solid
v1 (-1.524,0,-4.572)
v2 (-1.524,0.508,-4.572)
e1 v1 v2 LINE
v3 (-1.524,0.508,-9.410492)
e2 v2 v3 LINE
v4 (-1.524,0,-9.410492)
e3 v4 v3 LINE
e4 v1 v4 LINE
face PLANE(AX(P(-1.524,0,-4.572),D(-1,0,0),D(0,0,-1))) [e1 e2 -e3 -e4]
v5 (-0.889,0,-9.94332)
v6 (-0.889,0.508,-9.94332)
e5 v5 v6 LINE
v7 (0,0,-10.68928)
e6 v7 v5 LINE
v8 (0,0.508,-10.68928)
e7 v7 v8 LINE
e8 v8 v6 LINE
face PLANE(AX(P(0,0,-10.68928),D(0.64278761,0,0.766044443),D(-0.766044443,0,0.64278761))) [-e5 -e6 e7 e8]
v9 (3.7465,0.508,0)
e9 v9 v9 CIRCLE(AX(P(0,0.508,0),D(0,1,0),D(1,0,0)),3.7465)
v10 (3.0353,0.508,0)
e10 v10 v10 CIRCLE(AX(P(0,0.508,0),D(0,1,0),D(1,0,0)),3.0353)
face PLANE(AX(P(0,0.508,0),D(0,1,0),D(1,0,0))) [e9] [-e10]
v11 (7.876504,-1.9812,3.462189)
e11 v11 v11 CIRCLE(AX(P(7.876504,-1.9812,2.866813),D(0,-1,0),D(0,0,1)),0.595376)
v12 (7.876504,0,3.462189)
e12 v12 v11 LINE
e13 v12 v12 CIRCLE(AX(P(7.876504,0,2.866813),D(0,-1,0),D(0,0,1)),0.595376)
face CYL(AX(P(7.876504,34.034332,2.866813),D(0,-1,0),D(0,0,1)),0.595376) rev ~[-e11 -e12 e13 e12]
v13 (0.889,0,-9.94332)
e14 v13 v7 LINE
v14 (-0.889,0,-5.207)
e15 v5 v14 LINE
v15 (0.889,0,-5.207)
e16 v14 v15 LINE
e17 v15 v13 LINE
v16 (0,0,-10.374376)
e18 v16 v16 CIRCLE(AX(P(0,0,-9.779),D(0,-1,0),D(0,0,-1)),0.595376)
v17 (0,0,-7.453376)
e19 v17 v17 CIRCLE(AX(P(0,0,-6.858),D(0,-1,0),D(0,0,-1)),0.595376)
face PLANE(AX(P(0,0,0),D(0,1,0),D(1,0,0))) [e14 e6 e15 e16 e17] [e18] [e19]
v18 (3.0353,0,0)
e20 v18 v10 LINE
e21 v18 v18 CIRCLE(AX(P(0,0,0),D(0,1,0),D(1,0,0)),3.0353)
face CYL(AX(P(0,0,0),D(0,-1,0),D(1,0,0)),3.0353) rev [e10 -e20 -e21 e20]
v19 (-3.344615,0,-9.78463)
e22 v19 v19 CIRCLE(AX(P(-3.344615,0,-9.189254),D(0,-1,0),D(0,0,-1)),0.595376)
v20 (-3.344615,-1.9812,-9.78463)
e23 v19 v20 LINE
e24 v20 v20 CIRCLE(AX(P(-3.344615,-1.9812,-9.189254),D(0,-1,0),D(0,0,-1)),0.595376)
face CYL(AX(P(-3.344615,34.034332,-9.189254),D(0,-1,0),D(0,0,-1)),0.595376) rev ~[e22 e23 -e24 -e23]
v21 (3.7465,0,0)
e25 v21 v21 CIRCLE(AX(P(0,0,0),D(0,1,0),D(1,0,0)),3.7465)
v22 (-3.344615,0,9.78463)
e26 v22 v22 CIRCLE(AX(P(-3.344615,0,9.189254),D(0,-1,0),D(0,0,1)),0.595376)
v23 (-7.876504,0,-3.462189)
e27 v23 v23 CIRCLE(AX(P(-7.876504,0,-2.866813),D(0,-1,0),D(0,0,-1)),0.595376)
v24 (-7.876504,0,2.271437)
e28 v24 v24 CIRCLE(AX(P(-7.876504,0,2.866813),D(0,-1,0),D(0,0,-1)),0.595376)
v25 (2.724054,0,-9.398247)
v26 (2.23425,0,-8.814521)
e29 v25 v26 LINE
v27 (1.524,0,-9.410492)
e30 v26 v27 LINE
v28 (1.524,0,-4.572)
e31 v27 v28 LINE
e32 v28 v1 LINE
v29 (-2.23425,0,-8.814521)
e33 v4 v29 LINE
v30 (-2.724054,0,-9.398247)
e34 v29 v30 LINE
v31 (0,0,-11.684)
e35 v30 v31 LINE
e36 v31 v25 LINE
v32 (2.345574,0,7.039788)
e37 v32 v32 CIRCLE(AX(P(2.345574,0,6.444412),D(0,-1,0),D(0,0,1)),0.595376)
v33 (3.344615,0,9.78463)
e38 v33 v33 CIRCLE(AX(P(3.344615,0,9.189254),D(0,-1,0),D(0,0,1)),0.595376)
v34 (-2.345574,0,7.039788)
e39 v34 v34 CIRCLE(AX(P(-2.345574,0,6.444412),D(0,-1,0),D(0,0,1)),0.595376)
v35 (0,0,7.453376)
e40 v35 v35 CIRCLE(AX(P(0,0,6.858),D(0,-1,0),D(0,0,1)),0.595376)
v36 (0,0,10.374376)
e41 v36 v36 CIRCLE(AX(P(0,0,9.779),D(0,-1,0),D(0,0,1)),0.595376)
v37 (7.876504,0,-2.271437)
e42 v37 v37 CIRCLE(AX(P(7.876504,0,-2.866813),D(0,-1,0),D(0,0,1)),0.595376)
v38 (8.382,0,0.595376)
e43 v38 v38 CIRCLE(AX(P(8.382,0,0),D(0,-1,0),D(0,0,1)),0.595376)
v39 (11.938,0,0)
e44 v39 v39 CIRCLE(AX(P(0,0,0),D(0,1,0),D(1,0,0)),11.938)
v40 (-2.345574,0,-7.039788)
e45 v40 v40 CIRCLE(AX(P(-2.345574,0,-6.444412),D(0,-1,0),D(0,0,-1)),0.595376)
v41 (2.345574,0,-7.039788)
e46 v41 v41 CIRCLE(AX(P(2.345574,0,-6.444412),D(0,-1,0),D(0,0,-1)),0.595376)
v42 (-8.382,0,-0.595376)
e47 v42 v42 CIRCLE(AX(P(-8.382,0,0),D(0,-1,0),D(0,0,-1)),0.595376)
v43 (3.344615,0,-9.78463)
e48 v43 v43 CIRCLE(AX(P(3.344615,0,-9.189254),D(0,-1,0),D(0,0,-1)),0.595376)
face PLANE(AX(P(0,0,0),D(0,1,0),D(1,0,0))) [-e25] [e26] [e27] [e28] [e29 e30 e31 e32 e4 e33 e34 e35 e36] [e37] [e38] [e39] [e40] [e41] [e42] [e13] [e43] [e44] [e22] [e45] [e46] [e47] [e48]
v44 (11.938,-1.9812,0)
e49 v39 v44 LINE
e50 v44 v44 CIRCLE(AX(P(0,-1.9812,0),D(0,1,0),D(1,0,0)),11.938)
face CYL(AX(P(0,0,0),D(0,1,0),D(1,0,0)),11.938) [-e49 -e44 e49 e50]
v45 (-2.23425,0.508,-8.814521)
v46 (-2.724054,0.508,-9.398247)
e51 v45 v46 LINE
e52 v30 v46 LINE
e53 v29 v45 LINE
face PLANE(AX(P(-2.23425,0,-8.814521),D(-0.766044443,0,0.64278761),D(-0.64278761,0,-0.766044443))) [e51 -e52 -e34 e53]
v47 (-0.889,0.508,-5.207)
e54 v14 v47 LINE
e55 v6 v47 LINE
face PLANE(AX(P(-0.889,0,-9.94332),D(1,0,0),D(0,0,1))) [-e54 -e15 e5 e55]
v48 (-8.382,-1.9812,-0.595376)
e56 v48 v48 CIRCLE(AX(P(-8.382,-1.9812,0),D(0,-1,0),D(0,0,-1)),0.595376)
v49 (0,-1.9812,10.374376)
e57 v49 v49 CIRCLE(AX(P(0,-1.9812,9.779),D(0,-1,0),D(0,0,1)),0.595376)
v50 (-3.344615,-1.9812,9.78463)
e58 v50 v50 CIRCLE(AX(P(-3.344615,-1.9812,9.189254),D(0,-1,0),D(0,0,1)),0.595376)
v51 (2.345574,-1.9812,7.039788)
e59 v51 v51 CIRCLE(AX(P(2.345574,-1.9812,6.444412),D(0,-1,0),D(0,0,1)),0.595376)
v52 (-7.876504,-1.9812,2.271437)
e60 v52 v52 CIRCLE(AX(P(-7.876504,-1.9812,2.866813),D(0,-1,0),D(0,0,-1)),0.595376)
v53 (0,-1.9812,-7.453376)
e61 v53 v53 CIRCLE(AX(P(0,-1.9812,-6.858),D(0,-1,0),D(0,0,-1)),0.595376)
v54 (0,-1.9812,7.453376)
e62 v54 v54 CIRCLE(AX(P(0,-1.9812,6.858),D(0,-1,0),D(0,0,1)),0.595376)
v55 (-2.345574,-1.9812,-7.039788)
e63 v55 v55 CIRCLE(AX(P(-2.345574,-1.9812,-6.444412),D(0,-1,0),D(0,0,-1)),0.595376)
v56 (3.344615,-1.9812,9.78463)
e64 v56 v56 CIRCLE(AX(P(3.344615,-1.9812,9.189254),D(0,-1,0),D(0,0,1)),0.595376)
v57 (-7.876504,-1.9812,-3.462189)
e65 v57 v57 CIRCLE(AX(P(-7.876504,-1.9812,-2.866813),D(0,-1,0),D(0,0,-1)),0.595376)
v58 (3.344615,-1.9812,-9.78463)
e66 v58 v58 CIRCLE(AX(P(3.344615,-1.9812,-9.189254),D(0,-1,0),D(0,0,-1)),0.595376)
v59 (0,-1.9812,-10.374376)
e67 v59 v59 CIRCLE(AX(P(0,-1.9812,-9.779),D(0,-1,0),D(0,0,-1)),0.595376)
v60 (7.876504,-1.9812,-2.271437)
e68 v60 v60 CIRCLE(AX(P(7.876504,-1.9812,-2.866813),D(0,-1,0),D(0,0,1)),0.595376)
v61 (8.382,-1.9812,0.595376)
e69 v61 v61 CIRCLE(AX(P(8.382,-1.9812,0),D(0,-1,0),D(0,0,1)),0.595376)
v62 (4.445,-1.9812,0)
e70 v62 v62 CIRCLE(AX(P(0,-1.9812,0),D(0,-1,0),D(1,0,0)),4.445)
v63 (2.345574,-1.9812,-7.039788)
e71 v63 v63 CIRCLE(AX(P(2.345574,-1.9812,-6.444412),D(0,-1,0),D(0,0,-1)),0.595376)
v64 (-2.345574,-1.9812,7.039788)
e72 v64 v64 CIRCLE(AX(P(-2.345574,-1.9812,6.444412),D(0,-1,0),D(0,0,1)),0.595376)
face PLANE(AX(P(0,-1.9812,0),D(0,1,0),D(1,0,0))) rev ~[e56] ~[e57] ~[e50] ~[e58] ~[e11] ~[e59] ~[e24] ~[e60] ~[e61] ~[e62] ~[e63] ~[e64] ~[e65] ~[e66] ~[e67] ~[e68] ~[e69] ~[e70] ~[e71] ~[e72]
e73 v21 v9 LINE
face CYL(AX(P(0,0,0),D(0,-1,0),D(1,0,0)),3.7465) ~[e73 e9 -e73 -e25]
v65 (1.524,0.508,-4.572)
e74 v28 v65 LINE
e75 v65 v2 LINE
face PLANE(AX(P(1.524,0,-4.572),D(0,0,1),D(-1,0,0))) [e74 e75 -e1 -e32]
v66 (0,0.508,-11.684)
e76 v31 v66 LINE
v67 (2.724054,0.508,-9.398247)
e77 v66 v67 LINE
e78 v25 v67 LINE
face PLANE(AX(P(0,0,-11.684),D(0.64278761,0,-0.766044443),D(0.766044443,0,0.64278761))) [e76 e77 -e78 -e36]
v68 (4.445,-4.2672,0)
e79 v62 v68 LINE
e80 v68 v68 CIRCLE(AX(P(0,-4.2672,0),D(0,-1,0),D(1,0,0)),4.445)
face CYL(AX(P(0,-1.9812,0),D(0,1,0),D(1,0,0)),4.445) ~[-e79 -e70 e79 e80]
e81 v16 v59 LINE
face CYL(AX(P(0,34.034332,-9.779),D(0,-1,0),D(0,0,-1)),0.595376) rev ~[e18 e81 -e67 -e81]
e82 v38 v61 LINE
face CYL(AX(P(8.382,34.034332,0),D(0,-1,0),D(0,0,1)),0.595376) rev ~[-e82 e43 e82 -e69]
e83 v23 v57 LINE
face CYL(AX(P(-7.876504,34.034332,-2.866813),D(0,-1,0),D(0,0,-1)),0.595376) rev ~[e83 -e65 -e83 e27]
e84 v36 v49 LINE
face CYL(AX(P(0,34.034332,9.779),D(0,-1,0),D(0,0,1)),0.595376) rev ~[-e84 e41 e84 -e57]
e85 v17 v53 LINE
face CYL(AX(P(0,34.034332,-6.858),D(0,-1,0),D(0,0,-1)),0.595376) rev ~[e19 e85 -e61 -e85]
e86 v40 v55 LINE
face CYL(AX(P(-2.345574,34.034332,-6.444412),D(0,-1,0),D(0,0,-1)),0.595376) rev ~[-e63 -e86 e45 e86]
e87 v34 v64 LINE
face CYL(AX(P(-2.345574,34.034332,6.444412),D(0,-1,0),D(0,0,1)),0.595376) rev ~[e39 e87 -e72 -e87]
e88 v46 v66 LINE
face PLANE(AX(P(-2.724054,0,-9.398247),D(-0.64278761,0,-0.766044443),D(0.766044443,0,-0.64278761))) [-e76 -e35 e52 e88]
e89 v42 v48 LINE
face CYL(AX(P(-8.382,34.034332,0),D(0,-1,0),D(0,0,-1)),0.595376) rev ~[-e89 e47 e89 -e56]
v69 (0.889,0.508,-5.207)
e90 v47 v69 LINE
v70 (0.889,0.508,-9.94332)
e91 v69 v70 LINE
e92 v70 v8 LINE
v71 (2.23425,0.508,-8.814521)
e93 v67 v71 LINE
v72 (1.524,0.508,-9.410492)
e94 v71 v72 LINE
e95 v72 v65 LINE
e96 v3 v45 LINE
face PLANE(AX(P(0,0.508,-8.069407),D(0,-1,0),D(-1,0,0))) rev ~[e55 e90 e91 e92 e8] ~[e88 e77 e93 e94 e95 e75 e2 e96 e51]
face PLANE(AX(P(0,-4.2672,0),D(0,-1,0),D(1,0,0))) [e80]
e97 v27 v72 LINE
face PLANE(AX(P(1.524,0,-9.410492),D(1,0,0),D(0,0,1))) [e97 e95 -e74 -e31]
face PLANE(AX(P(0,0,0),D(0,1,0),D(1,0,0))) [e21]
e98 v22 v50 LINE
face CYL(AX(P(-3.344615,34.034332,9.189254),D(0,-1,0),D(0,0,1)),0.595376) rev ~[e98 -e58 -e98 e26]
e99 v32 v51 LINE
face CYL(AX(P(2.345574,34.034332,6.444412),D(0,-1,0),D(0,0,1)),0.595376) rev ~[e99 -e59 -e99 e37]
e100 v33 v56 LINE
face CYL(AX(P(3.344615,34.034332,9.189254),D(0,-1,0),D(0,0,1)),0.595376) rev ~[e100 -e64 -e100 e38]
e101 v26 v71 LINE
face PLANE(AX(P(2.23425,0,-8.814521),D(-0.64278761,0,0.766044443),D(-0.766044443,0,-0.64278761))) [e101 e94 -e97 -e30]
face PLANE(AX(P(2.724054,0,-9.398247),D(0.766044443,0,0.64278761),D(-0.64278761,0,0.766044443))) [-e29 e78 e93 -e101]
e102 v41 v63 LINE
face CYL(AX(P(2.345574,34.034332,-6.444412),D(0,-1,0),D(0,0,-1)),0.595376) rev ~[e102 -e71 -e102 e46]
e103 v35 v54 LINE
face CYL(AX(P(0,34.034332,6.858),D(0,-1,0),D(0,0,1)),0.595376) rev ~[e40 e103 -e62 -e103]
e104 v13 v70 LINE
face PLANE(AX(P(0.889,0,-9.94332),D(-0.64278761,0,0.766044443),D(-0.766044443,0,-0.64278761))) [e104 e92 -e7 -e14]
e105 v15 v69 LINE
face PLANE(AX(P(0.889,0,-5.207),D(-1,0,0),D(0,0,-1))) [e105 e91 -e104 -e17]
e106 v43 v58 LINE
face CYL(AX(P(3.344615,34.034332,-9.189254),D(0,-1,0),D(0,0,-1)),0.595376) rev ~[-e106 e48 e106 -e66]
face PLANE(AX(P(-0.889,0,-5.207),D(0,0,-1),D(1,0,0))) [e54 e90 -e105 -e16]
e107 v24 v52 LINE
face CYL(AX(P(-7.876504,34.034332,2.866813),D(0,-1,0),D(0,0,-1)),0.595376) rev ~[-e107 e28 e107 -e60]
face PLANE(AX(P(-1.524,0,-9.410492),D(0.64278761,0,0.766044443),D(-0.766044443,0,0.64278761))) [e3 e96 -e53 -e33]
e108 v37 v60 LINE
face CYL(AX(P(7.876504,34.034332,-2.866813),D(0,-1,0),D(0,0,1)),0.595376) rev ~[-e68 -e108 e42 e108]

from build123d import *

# Parameters (mm, degrees)
SKETCH1_R                       = 11.938
EXTRUDE1_DEPTH                  = 1.9812
SKETCH2_R                       = 4.445
EXTRUDE2_DEPTH                  = 2.286
F_3_64_0_04688_DIAMETER_HOLE1_D = 1.190752
CIRPATTERN1_COUNT               = 2
SKETCH6_R                       = 3.7465
SKETCH6_R_2                     = 3.0353
EXTRUDE4_DEPTH                  = 0.508
EXTRUDE3_DEPTH                  = 0.508


with BuildPart() as part:
    # Sketch1 → Extrude1 (new body)
    with BuildSketch(Plane(origin=(0, 0, 0), x_dir=(1, 0, 0), z_dir=(0, 1, 0))):
        Circle(SKETCH1_R)
    extrude(amount=-EXTRUDE1_DEPTH)

    # Sketch2 → Extrude2 (add)
    with BuildSketch(Plane.XZ.offset(1.9812)):
        Circle(SKETCH2_R)
    extrude(amount=EXTRUDE2_DEPTH)

    # 3/64 (0.04688) Diameter Hole1 (through all)
    with Locations(Plane(origin=(0, 0, -6.858), x_dir=(0, 0, 1), z_dir=(0, 1, 0))):
        with Locations((0, 0), (0.413588007, -2.345574143), (0.413588007, 2.345574143), (-2.331254139, 3.344614982), (-2.921, 0), (-2.331254139, -3.344614982), (3.991187159, -7.876503547), (6.858, -8.382), (9.724812841, -7.876503547)):
            f_3_64_0_04688_diameter_hole1 = Hole(F_3_64_0_04688_DIAMETER_HOLE1_D / 2)

    # CirPattern1: 3/64 (0.04688) Diameter Hole1 ×2 about axis
    cirpattern1_axis = Axis((0, 0, 0), (0, 1, 0))
    for i in range(1, CIRPATTERN1_COUNT):
        add(f_3_64_0_04688_diameter_hole1.rotate(cirpattern1_axis, i * 360 / CIRPATTERN1_COUNT), mode=Mode.SUBTRACT)

    # Sketch6 → Extrude4 (add)
    with BuildSketch(Plane(origin=(0, 0, 0), x_dir=(1, 0, 0), z_dir=(0, 1, 0))):
        Circle(SKETCH6_R)
        Circle(SKETCH6_R_2, mode=Mode.SUBTRACT)
    extrude(amount=EXTRUDE4_DEPTH)

    # Sketch5 → Extrude3 (add)
    with BuildSketch(Plane(origin=(0, 0, 0), x_dir=(1, 0, 0), z_dir=(0, 1, 0))):
        Polygon((-2.72405404, 9.39824726), (0, 11.684), (2.72405404, 9.39824726), (2.234249881, 8.814521394), (1.524, 9.410491808), (1.524, 4.572), (-1.524, 4.572), (-1.524, 9.410491808), (-2.234249881, 8.814521394), align=None)
        Polygon((0, 10.689279646), (-0.889, 9.943320073), (-0.889, 5.207), (0.889, 5.207), (0.889, 9.943320073), align=None, mode=Mode.SUBTRACT)
    extrude(amount=EXTRUDE3_DEPTH)


solid = part.part
